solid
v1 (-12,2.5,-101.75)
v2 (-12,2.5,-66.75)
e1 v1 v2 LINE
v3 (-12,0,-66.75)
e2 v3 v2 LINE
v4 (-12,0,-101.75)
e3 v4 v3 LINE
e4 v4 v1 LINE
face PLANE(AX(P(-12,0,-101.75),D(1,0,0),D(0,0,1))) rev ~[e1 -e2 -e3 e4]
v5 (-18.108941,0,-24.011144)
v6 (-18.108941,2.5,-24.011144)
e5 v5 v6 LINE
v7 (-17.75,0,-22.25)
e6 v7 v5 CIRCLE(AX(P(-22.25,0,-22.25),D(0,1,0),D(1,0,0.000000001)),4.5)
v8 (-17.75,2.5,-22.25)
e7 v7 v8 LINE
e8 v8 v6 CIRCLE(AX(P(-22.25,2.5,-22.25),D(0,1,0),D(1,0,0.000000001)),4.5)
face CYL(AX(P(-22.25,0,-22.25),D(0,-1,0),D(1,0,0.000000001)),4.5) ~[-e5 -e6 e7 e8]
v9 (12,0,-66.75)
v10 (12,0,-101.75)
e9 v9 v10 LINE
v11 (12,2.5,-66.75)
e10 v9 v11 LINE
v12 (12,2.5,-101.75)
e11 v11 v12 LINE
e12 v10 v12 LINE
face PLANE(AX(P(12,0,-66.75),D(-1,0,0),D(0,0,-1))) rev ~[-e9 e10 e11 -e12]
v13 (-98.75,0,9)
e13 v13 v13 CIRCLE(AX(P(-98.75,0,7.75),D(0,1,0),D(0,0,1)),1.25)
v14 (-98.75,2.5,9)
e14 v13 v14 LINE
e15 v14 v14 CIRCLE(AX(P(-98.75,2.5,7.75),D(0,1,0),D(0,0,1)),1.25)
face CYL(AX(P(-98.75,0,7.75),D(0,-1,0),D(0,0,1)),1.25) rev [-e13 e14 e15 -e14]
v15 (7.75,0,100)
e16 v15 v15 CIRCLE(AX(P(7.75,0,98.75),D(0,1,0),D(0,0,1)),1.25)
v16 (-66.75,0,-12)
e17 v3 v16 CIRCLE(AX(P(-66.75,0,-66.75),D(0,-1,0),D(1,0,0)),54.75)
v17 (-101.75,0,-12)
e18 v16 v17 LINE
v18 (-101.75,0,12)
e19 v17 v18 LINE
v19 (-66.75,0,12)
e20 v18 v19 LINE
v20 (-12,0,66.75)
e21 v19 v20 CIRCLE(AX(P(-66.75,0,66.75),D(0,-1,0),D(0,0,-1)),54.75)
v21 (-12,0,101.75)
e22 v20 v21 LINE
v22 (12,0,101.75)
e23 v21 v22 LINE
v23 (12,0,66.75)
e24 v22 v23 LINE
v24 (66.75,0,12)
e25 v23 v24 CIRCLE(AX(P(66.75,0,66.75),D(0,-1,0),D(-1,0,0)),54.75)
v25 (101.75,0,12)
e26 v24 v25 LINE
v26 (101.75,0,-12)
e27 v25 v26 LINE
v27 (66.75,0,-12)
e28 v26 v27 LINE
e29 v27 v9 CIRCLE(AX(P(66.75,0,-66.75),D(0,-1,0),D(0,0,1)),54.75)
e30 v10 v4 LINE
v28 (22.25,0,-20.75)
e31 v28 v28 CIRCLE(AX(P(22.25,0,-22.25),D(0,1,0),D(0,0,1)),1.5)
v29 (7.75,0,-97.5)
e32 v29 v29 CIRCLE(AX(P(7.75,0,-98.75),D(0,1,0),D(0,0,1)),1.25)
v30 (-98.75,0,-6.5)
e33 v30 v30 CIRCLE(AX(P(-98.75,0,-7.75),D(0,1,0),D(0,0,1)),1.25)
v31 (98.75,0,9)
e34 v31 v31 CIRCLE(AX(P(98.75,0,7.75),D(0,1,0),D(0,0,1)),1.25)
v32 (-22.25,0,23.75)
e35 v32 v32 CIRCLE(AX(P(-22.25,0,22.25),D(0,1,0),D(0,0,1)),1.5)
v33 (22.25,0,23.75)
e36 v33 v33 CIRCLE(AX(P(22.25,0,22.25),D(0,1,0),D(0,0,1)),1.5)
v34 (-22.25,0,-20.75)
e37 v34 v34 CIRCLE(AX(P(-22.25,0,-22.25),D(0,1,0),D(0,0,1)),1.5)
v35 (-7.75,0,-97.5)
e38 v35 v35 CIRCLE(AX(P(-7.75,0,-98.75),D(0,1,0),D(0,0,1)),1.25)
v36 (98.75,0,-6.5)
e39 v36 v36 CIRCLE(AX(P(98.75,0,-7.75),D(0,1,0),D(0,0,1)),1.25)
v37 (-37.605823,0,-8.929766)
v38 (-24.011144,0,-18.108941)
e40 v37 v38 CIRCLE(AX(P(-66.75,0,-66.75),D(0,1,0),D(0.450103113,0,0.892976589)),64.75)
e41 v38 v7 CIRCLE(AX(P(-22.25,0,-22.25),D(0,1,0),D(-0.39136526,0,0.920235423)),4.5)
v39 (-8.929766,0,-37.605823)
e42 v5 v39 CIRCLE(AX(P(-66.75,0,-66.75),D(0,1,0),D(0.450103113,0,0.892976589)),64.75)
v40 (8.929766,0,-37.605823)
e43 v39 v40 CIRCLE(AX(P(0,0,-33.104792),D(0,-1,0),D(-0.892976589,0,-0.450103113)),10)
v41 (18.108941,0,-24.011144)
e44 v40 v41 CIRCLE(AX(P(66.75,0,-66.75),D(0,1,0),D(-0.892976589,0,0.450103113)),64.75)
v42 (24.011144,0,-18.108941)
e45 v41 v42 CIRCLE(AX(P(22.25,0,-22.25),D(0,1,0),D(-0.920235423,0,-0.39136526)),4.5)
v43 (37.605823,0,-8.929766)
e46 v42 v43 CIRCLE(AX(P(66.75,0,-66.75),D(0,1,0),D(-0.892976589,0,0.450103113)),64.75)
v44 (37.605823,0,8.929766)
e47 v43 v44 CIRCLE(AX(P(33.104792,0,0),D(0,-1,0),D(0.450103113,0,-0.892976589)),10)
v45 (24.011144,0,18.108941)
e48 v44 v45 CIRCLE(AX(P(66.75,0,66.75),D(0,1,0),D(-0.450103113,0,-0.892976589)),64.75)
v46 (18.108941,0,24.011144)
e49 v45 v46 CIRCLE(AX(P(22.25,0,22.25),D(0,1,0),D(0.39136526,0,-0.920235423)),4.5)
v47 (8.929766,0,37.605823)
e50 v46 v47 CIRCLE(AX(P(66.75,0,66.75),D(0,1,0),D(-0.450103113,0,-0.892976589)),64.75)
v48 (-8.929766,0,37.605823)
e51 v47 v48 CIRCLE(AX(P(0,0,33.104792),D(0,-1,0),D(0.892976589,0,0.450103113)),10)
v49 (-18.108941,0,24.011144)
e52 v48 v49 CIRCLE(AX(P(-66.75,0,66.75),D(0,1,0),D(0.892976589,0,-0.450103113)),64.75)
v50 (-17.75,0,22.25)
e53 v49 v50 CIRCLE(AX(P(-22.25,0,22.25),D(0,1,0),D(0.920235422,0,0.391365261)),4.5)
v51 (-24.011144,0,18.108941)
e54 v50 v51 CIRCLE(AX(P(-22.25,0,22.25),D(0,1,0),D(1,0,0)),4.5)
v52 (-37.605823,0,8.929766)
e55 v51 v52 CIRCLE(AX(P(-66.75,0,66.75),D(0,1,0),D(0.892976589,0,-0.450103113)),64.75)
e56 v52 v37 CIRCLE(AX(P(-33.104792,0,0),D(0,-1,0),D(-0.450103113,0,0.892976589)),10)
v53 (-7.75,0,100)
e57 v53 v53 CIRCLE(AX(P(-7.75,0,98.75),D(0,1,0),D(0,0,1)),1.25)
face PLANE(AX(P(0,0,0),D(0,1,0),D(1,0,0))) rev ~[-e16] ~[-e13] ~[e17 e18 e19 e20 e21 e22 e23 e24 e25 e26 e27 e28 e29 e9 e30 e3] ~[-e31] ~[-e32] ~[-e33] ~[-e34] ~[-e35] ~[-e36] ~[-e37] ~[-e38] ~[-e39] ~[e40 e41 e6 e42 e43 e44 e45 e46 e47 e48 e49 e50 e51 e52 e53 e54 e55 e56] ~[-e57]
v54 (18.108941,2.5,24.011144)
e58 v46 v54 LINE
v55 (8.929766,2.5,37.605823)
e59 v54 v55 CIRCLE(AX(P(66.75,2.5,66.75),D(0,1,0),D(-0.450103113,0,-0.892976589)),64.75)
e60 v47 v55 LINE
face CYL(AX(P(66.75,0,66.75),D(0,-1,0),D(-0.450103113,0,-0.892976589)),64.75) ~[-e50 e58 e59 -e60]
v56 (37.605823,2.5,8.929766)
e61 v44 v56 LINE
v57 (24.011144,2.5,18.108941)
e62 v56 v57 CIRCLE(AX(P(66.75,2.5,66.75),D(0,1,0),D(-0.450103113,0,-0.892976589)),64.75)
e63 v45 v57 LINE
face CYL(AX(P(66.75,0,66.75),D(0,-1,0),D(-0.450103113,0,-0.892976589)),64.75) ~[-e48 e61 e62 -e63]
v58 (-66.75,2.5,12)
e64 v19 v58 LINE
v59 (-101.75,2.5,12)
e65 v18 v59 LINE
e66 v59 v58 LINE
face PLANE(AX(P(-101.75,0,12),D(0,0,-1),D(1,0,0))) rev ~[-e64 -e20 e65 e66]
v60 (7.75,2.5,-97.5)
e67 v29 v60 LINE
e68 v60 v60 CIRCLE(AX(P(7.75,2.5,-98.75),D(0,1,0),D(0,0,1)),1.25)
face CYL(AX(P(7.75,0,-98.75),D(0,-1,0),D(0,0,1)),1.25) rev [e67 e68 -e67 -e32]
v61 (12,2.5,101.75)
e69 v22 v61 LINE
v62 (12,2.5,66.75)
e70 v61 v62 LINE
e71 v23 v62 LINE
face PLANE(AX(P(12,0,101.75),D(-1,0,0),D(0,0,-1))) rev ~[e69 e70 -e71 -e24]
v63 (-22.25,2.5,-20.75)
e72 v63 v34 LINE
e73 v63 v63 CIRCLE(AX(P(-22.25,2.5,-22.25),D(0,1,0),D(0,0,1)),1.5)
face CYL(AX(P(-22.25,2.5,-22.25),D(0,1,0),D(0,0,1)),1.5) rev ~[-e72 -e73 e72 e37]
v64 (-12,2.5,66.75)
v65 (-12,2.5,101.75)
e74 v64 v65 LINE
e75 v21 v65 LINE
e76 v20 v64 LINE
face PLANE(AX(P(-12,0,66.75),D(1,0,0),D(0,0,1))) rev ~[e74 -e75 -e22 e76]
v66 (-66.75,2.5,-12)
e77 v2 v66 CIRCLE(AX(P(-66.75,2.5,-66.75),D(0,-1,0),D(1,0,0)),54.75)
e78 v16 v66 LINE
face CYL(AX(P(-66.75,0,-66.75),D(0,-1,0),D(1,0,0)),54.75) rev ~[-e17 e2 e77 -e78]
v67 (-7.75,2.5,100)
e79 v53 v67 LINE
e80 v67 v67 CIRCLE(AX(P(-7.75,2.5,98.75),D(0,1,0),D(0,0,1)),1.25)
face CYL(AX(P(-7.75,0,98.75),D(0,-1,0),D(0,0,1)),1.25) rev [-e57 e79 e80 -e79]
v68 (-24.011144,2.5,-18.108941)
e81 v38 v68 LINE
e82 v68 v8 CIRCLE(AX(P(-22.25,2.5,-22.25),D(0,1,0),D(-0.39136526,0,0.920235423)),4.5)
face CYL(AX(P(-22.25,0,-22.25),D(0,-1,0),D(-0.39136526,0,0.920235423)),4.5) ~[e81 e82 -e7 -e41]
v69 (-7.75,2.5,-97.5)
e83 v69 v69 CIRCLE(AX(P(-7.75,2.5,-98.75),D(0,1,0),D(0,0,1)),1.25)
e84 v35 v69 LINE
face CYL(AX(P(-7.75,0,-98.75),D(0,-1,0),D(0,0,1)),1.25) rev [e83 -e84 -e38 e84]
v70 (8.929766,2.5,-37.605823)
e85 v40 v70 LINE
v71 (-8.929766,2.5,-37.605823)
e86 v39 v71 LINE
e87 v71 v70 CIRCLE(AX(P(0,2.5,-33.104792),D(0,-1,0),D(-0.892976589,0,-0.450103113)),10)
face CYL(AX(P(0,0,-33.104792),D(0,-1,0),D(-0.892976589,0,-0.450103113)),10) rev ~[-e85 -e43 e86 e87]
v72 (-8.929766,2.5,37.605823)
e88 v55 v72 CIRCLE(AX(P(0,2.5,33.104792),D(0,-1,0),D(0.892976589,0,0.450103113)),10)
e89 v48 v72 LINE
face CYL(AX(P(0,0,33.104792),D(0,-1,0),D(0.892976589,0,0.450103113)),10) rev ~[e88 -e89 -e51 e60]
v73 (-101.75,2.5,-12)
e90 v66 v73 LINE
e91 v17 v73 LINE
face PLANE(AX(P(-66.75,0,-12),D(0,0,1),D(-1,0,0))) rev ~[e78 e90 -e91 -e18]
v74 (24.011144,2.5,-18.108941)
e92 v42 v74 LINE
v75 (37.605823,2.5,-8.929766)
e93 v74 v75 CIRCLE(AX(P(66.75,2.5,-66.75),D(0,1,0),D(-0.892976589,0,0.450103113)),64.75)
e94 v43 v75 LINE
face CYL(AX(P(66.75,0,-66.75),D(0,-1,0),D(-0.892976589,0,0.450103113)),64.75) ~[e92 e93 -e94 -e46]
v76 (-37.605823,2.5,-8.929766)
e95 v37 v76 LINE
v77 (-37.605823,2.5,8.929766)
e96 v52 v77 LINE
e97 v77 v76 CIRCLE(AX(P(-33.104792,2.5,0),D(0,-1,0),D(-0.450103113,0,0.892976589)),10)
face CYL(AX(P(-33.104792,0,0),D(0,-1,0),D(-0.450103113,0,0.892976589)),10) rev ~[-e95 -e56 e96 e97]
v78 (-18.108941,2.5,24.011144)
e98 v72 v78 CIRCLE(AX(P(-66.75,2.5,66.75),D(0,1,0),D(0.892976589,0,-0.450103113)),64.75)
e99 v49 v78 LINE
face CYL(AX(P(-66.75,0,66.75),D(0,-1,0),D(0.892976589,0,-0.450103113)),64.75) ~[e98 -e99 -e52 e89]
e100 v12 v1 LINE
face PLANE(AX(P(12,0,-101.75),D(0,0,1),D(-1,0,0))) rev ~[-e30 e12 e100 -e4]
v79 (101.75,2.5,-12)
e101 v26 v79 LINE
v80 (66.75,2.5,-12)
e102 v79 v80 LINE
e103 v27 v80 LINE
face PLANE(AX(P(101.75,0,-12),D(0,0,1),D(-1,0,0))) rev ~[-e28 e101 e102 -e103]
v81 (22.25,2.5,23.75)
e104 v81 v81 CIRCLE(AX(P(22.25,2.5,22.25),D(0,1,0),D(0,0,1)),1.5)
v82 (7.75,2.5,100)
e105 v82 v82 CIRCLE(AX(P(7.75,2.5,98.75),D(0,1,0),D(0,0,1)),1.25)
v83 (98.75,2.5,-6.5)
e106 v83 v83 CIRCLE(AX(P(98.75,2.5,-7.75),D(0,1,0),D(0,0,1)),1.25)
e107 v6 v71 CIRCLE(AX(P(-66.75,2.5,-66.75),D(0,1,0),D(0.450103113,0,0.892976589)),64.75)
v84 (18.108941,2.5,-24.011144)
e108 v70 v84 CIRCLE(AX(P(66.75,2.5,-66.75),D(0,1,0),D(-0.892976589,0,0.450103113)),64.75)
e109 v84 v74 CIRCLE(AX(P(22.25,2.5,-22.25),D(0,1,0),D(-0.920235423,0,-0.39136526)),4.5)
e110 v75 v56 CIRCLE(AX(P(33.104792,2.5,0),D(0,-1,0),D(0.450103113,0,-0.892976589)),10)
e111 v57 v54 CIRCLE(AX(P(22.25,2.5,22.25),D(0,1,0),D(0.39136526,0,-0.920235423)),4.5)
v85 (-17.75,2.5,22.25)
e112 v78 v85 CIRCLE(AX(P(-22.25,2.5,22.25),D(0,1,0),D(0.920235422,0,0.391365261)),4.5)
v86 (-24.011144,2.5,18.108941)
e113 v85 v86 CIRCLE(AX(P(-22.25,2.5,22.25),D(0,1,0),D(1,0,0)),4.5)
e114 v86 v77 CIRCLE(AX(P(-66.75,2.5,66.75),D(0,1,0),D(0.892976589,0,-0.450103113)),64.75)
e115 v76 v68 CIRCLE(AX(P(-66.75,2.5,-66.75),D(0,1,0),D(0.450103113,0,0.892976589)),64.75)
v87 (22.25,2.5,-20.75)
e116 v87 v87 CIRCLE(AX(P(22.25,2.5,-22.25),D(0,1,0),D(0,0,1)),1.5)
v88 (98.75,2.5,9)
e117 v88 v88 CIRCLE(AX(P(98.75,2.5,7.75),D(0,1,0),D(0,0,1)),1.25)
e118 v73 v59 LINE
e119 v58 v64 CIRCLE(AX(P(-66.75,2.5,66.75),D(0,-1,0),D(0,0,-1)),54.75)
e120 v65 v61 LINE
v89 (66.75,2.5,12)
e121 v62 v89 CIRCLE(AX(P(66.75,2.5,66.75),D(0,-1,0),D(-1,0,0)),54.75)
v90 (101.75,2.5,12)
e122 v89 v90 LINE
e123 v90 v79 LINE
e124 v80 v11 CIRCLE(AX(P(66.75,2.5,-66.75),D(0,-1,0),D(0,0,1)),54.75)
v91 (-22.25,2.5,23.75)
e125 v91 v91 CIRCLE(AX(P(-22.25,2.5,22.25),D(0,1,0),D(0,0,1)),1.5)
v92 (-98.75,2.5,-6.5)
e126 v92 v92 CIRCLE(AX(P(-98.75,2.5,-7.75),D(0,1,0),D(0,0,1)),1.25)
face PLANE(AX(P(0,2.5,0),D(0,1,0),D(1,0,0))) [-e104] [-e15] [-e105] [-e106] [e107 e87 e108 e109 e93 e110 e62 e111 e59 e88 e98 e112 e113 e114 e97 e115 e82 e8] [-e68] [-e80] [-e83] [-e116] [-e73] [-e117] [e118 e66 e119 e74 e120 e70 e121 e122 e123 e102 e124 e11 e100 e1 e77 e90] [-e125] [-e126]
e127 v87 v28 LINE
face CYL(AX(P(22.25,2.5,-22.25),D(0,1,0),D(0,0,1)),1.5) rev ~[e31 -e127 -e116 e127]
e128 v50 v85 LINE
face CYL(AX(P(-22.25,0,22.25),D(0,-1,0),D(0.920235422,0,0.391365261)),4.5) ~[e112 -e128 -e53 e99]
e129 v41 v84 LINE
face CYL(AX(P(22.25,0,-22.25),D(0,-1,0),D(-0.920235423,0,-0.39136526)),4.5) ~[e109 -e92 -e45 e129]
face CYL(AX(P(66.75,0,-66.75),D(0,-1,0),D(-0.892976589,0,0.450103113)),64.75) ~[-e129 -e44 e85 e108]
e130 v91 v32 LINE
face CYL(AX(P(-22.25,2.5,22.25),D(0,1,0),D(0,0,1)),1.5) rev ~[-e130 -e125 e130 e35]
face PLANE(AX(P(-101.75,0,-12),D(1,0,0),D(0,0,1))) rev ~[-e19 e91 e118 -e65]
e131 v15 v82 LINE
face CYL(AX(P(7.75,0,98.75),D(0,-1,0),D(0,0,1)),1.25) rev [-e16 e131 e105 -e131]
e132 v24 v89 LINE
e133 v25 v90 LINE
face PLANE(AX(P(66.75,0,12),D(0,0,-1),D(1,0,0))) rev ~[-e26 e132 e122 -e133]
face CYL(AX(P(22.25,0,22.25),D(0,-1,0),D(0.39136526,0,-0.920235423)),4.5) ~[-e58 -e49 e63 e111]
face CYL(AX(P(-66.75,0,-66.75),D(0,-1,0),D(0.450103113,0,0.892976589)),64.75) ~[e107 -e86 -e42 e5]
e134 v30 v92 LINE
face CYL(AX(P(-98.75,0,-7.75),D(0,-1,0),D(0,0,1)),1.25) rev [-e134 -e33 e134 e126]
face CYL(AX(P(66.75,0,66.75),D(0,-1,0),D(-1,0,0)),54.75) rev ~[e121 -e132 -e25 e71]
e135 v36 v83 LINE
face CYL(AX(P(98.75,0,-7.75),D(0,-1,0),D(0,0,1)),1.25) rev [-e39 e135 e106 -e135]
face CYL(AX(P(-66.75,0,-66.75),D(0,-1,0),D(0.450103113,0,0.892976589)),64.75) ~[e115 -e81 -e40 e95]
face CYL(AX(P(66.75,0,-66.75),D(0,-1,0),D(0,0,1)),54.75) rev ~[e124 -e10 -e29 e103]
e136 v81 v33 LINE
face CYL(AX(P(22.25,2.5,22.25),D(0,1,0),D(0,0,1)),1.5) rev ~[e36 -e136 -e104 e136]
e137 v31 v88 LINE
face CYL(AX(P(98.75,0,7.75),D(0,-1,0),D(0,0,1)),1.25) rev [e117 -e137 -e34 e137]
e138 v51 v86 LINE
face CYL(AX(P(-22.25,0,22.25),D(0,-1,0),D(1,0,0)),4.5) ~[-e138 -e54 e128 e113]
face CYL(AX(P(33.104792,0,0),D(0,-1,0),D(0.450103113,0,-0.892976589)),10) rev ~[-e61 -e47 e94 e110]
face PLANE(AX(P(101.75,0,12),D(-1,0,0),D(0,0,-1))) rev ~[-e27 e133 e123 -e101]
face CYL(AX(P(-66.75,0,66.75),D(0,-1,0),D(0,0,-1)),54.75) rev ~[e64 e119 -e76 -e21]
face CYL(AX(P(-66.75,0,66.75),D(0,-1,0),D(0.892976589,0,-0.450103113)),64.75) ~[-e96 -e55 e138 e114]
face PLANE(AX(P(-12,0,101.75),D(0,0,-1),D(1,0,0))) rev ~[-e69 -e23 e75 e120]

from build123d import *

# Parameters (mm, degrees)
SKETCH1_R           = 1.25
BOSS_EXTRUDE1_DEPTH = 2.5
BOSS_EXTRUDE2_START = -2.5
BOSS_EXTRUDE2_DEPTH = 2.5
SKETCH3_R           = 1.5
CUT_EXTRUDE1_DEPTH  = 2.5


with BuildPart() as part:
    # Sketch1 → Boss-Extrude1 (new body)
    with BuildSketch(Plane(origin=(0, 0, 0), x_dir=(1, 0, 0), z_dir=(0, 1, 0))):
        with BuildLine():
            Line((-12, 101.75), (-12, 66.75))
            ThreePointArc((-12, 66.75), (-28.03590373, 28.03590373), (-66.75, 12))
            Line((-66.75, 12), (-101.75, 12))
            Line((-101.75, 12), (-101.75, -12))
            Line((-101.75, -12), (-66.75, -12))
            ThreePointArc((-66.75, -12), (-28.03590373, -28.03590373), (-12, -66.75))
            Line((-12, -66.75), (-12, -101.75))
            Line((-12, -101.75), (12, -101.75))
            Line((12, -101.75), (12, -66.75))
            ThreePointArc((12, -66.75), (28.03590373, -28.03590373), (66.75, -12))
            Line((66.75, -12), (101.75, -12))
            Line((101.75, -12), (101.75, 12))
            Line((101.75, 12), (66.75, 12))
            ThreePointArc((66.75, 12), (28.03590373, 28.03590373), (12, 66.75))
            Line((12, 66.75), (12, 101.75))
            Line((12, 101.75), (-12, 101.75))
        make_face()
        with Locations(Location((-7.75, 98.75, 0), (0, 0, 270))):
            Circle(SKETCH1_R, mode=Mode.SUBTRACT)
        with Locations(Location((7.75, 98.75, 0), (0, 0, 270))):
            Circle(SKETCH1_R, mode=Mode.SUBTRACT)
        with Locations(Location((7.75, -98.75, 0), (0, 0, 270))):
            Circle(SKETCH1_R, mode=Mode.SUBTRACT)
        with Locations(Location((-7.75, -98.75, 0), (0, 0, 270))):
            Circle(SKETCH1_R, mode=Mode.SUBTRACT)
        with Locations(Location((98.75, 7.75, 0), (0, 0, 270))):
            Circle(SKETCH1_R, mode=Mode.SUBTRACT)
        with Locations(Location((98.75, -7.75, 0), (0, 0, 270))):
            Circle(SKETCH1_R, mode=Mode.SUBTRACT)
        with Locations(Location((-98.75, -7.75, 0), (0, 0, 270))):
            Circle(SKETCH1_R, mode=Mode.SUBTRACT)
        with Locations(Location((-98.75, 7.75, 0), (0, 0, 270))):
            Circle(SKETCH1_R, mode=Mode.SUBTRACT)
        with BuildLine():
            ThreePointArc((-8.929765886, -37.605823446), (-20.964835918, -20.964835918), (-37.605823446, -8.929765886))
            ThreePointArc((-37.605823446, -8.929765886), (-43.104792317, 0), (-37.605823446, 8.929765886))
            ThreePointArc((-37.605823446, 8.929765886), (-20.964835918, 20.964835918), (-8.929765886, 37.605823446))
            ThreePointArc((-8.929765886, 37.605823446), (0, 43.104792317), (8.929765886, 37.605823446))
            ThreePointArc((8.929765886, 37.605823446), (20.964835918, 20.964835918), (37.605823446, 8.929765886))
            ThreePointArc((37.605823446, 8.929765886), (43.104792317, 0), (37.605823446, -8.929765886))
            ThreePointArc((37.605823446, -8.929765886), (20.964835918, -20.964835918), (8.929765886, -37.605823446))
            ThreePointArc((8.929765886, -37.605823446), (0, -43.104792317), (-8.929765886, -37.605823446))
        make_face(mode=Mode.SUBTRACT)
    extrude(amount=BOSS_EXTRUDE1_DEPTH)

    # Sketch2 → Boss-Extrude2 (add)
    with BuildSketch(Plane(origin=(0, 2.5, 0), x_dir=(1, 0, 0), z_dir=(0, 1, 0)).offset(BOSS_EXTRUDE2_START)):
        with BuildLine():
            ThreePointArc((-18.108940598, -24.011143671), (-17.840648159, -23.148674772), (-17.75, -22.25))
            ThreePointArc((-17.75, -22.25), (-19.767576438, -18.496658387), (-24.011143671, -18.108940598))
            ThreePointArc((-24.011143671, -18.108940598), (-20.964835918, -20.964835918), (-18.108940598, -24.011143671))
        make_face()
        with BuildLine():
            ThreePointArc((-24.011143671, 18.108940598), (-19.767576438, 18.496658387), (-17.75, 22.25))
            ThreePointArc((-17.75, 22.25), (-17.840648159, 23.148674772), (-18.108940598, 24.011143671))
            ThreePointArc((-18.108940598, 24.011143671), (-20.964835918, 20.964835918), (-24.011143671, 18.108940598))
        make_face()
        with BuildLine():
            ThreePointArc((24.011143671, 18.108940598), (20.964835918, 20.964835918), (18.108940598, 24.011143671))
            ThreePointArc((18.108940598, 24.011143671), (19.068019485, 19.068019485), (24.011143671, 18.108940598))
        make_face()
        with BuildLine():
            ThreePointArc((18.108940598, -24.011143671), (20.964835918, -20.964835918), (24.011143671, -18.108940598))
            ThreePointArc((24.011143671, -18.108940598), (19.068019485, -19.068019485), (18.108940598, -24.011143671))
        make_face()
    extrude(amount=BOSS_EXTRUDE2_DEPTH)

    # Sketch3 → Cut-Extrude1 (cut)
    with BuildSketch(Plane(origin=(0, 2.5, 0), x_dir=(1, 0, 0), z_dir=(0, 1, 0))):
        with Locations(Location((-22.25, 22.25, 0), (0, 0, 270))):
            Circle(SKETCH3_R)
        with Locations(Location((22.25, 22.25, 0), (0, 0, 270))):
            Circle(SKETCH3_R)
        with Locations(Location((22.25, -22.25, 0), (0, 0, 270))):
            Circle(SKETCH3_R)
        with Locations(Location((-22.25, -22.25, 0), (0, 0, 270))):
            Circle(SKETCH3_R)
    extrude(amount=-CUT_EXTRUDE1_DEPTH, mode=Mode.SUBTRACT)


solid = part.part
